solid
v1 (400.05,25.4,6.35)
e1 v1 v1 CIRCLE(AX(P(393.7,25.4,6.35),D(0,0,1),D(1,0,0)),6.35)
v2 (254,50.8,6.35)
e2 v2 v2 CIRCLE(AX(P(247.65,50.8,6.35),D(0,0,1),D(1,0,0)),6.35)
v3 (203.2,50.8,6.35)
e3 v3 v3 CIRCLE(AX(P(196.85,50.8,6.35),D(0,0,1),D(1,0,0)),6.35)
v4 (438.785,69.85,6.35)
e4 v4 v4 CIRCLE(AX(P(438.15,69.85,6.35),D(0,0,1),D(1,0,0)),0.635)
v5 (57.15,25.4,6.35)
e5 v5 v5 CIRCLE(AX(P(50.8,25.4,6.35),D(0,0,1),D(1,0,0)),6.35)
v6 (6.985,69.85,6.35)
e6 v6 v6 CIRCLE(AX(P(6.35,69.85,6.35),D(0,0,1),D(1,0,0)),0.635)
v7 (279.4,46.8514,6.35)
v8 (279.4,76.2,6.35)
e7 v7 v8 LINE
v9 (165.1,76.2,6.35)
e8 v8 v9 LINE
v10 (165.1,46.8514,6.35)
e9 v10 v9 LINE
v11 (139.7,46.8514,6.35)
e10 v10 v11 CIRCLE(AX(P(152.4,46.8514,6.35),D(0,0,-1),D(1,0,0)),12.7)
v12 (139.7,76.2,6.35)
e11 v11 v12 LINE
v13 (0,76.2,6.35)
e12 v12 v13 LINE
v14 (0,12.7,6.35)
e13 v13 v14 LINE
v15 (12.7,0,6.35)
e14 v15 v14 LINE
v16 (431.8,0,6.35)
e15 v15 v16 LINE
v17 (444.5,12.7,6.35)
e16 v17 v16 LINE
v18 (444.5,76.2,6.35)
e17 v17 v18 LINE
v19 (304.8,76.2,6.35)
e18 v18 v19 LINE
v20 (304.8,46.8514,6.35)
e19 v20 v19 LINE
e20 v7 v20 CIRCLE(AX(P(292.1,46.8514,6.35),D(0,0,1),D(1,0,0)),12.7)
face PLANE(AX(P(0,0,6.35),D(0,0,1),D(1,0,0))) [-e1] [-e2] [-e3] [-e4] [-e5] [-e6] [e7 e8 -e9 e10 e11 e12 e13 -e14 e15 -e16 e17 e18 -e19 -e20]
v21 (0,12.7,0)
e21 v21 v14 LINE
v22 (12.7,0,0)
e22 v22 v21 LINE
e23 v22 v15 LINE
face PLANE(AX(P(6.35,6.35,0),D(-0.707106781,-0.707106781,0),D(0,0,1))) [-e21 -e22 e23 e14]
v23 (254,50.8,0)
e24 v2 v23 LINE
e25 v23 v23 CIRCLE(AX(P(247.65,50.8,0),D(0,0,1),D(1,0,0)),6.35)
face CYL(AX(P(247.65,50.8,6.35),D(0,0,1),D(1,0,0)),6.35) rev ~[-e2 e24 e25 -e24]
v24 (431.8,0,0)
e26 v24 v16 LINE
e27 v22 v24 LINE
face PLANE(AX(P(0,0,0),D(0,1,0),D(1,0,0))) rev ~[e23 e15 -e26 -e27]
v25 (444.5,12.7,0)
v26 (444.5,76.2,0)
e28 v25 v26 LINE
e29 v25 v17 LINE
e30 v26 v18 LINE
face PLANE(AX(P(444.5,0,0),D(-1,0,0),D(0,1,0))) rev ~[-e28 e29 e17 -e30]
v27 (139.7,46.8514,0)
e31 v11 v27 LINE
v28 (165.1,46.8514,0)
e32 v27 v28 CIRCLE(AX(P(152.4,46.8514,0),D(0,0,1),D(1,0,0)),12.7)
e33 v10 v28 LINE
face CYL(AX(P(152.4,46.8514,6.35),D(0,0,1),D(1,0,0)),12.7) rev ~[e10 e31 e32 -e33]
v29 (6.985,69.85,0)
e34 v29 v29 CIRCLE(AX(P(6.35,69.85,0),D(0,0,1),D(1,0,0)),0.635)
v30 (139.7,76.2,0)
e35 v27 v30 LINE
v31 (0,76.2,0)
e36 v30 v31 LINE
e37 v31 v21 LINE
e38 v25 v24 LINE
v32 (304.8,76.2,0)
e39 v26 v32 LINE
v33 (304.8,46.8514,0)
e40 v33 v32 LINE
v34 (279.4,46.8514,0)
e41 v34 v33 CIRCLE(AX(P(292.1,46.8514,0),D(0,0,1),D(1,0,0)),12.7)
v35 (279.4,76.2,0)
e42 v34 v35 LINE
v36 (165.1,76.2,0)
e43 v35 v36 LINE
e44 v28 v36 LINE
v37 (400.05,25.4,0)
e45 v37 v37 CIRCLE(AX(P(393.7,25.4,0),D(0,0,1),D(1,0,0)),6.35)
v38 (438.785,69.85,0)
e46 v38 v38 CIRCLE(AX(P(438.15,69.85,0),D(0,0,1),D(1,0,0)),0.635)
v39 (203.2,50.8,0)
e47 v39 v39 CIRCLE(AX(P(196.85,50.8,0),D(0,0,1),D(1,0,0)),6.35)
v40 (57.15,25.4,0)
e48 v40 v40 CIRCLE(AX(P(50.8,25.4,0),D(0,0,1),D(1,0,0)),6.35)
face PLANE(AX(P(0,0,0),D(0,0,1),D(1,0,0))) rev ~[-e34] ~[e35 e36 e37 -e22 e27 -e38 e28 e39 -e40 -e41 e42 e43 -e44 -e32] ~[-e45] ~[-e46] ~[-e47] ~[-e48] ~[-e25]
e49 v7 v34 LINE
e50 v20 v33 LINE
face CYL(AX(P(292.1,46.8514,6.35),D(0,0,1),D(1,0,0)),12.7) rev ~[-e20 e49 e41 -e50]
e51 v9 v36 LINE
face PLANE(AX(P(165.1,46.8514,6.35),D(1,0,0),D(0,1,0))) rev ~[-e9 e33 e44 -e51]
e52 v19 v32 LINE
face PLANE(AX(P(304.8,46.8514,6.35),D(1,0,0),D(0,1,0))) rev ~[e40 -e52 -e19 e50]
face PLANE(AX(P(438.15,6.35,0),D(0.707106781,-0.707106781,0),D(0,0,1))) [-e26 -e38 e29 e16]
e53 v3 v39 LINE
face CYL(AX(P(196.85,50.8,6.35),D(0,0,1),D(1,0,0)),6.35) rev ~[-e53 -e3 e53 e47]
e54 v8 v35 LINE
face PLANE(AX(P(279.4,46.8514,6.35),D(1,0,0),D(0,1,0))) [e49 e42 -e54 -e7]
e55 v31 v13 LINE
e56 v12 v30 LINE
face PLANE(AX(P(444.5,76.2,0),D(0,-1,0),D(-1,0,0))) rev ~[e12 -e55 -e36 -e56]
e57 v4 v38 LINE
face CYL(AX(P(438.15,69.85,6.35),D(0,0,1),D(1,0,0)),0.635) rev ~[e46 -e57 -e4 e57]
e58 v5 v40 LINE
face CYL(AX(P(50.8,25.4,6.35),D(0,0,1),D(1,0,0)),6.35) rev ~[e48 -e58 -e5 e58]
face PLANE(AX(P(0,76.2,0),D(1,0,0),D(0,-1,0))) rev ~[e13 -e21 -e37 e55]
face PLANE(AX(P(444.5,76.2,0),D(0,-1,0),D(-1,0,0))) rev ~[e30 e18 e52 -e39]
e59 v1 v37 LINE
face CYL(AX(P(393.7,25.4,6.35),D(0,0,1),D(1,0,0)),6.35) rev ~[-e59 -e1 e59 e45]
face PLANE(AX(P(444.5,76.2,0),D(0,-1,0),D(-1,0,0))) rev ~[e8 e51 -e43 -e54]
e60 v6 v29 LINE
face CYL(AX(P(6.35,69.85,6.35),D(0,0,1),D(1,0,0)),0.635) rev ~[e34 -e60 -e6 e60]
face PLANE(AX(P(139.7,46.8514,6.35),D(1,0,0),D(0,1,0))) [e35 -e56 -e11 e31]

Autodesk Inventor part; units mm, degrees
ref_plane "YZ Plane" through (0, 0, 0) normal (1, 0, 0) x (0, 1, 0)
ref_plane "XZ Plane" through (0, 0, 0) normal (0, 1, 0) x (-1, 0, 0)
ref_plane "XY Plane" through (0, 0, 0) normal (0, 0, 1) x (1, 0, 0)
sketch "Sketch1" plane through (0, 0, 0) normal (0, 0, 1) x (1, 0, 0)
  line L0 (0, 0) -> (444.5, 0)
  line L1 (444.5, 0) -> (444.5, 76.2)
  line L2 (444.5, 76.2) -> (0, 76.2)
  line L3 (0, 76.2) -> (0, 0)
  dimension "d0" = 444.5
  dimension "d1" = 76.2
extrude "Extrusion1" add sketch "Sketch1" along normal blind 6.35
chamfer "Chamfer1" distance 12.7 angle 45 1 edges at (444.5, 0, 3.175)
chamfer "Chamfer2" distance 12.7 angle 45 1 edges at (0, 0, 3.175)
sketch "Sketch2" plane through (0, 0, 6.35) normal (0, 0, 1) x (1, 0, 0)
  line L0 (0, 46.8514) -> (152.4, 46.8514)
  line L1 (444.5, 12.7) -> (444.5, 76.2) projected
  line L2 (292.1, 46.8514) -> (444.5, 46.8514)
  circle A0 centre (152.4, 46.8514) radius 12.7
  circle A1 centre (292.1, 46.8514) radius 12.7
  point P0 (0, 0)
  point P1 (139.7, 46.8514)
  point P2 (165.1, 46.8514)
  dimension "d10" = 152.4
  dimension "d11" = 25.4
  dimension "d12" = 25.4
extrude "Extrusion2" cut sketch "Sketch2" against normal blind 25.4
sketch "Sketch3" plane through (0, 0, 6.35) normal (0, 0, 1) x (1, 0, 0)
  circle A0 centre (152.4, 46.8514) radius 12.7 projected
  line L0 (139.7, 46.8514) -> (139.7, 76.2)
  line L1 (165.1, 46.8514) -> (165.1, 76.2)
  line L2 (444.5, 76.2) -> (0, 76.2) projected
  line L3 (139.7, 76.2) -> (165.1, 76.2)
  arc A1 (139.7, 46.8514) -> (165.1, 46.8514) centre (152.4, 46.8514) ccw
  point P0 (0, 0)
extrude "Extrusion3" cut sketch "Sketch3" against normal blind 25.4 contours A0 L0 L2 L1
sketch "Sketch4" plane through (0, 0, 6.35) normal (0, 0, 1) x (1, 0, 0)
  circle A0 centre (292.1, 46.8514) radius 12.7 projected
  line L0 (279.4, 46.8514) -> (279.4, 76.2)
  line L1 (444.5, 76.2) -> (165.1, 76.2) projected
  line L2 (304.8, 46.8514) -> (304.8, 76.2)
  line L3 (304.8, 76.2) -> (279.4, 76.2)
  arc A1 (279.4, 46.8514) -> (304.8, 46.8514) centre (292.1, 46.8514) ccw
  point P0 (0, 0)
extrude "Extrusion4" cut sketch "Sketch4" against normal blind 25.4 contours A0 L0 L1 L2
sketch "Sketch5" plane through (0, 0, 6.35) normal (0, 0, 1) x (1, 0, 0)
  line L0 (0, 76.2) -> (0, 12.7) projected
  line L1 (12.7, 0) -> (431.8, 0) projected
  line L2 (444.5, 12.7) -> (444.5, 76.2) projected
  circle A0 centre (50.8, 25.4) radius 6.35
  circle A1 centre (393.7, 25.4) radius 6.35
  point P0 (0, 0)
  dimension "d19" = 50.8
  dimension "d20" = 25.4
  dimension "d21" = 25.4
  dimension "d22" = 50.8
  dimension "d23" = 12.7
  dimension "d24" = 12.7
extrude "Extrusion5" cut sketch "Sketch5" against normal blind 25.4
sketch "Sketch6" plane through (0, 0, 6.35) normal (0, 0, 1) x (1, 0, 0)
  line L0 (139.7, 76.2) -> (0, 76.2) projected
  line L1 (0, 76.2) -> (0, 12.7) projected
  line L2 (444.5, 76.2) -> (304.8, 76.2) projected
  line L3 (444.5, 12.7) -> (444.5, 76.2) projected
  circle A0 centre (6.35, 69.85) radius 0.635
  circle A1 centre (438.15, 69.85) radius 0.635
  point P0 (0, 0)
  dimension "d27" = 6.35
  dimension "d28" = 6.35
  dimension "d29" = 6.35
  dimension "d30" = 6.35
  dimension "d31" = 1.27
  dimension "d32" = 1.27
extrude "Extrusion6" cut sketch "Sketch6" against normal blind 25.4
sketch "Sketch7" plane through (0, 0, 6.35) normal (0, 0, 1) x (1, 0, 0)
  line L0 (279.4, 76.2) -> (165.1, 76.2) projected
  line L1 (165.1, 76.2) -> (165.1, 46.8514) projected
  line L2 (279.4, 46.8514) -> (279.4, 76.2) projected
  circle A0 centre (196.85, 50.8) radius 6.35
  circle A1 centre (247.65, 50.8) radius 6.35
  point P0 (0, 0)
  dimension "d35" = 25.4
  dimension "d36" = 31.75
  dimension "d37" = 25.4
  dimension "d38" = 31.75
  dimension "d39" = 12.7
  dimension "d40" = 12.7
extrude "Extrusion7" cut sketch "Sketch7" against normal blind 25.4
properties part number "Lauren's Part"
